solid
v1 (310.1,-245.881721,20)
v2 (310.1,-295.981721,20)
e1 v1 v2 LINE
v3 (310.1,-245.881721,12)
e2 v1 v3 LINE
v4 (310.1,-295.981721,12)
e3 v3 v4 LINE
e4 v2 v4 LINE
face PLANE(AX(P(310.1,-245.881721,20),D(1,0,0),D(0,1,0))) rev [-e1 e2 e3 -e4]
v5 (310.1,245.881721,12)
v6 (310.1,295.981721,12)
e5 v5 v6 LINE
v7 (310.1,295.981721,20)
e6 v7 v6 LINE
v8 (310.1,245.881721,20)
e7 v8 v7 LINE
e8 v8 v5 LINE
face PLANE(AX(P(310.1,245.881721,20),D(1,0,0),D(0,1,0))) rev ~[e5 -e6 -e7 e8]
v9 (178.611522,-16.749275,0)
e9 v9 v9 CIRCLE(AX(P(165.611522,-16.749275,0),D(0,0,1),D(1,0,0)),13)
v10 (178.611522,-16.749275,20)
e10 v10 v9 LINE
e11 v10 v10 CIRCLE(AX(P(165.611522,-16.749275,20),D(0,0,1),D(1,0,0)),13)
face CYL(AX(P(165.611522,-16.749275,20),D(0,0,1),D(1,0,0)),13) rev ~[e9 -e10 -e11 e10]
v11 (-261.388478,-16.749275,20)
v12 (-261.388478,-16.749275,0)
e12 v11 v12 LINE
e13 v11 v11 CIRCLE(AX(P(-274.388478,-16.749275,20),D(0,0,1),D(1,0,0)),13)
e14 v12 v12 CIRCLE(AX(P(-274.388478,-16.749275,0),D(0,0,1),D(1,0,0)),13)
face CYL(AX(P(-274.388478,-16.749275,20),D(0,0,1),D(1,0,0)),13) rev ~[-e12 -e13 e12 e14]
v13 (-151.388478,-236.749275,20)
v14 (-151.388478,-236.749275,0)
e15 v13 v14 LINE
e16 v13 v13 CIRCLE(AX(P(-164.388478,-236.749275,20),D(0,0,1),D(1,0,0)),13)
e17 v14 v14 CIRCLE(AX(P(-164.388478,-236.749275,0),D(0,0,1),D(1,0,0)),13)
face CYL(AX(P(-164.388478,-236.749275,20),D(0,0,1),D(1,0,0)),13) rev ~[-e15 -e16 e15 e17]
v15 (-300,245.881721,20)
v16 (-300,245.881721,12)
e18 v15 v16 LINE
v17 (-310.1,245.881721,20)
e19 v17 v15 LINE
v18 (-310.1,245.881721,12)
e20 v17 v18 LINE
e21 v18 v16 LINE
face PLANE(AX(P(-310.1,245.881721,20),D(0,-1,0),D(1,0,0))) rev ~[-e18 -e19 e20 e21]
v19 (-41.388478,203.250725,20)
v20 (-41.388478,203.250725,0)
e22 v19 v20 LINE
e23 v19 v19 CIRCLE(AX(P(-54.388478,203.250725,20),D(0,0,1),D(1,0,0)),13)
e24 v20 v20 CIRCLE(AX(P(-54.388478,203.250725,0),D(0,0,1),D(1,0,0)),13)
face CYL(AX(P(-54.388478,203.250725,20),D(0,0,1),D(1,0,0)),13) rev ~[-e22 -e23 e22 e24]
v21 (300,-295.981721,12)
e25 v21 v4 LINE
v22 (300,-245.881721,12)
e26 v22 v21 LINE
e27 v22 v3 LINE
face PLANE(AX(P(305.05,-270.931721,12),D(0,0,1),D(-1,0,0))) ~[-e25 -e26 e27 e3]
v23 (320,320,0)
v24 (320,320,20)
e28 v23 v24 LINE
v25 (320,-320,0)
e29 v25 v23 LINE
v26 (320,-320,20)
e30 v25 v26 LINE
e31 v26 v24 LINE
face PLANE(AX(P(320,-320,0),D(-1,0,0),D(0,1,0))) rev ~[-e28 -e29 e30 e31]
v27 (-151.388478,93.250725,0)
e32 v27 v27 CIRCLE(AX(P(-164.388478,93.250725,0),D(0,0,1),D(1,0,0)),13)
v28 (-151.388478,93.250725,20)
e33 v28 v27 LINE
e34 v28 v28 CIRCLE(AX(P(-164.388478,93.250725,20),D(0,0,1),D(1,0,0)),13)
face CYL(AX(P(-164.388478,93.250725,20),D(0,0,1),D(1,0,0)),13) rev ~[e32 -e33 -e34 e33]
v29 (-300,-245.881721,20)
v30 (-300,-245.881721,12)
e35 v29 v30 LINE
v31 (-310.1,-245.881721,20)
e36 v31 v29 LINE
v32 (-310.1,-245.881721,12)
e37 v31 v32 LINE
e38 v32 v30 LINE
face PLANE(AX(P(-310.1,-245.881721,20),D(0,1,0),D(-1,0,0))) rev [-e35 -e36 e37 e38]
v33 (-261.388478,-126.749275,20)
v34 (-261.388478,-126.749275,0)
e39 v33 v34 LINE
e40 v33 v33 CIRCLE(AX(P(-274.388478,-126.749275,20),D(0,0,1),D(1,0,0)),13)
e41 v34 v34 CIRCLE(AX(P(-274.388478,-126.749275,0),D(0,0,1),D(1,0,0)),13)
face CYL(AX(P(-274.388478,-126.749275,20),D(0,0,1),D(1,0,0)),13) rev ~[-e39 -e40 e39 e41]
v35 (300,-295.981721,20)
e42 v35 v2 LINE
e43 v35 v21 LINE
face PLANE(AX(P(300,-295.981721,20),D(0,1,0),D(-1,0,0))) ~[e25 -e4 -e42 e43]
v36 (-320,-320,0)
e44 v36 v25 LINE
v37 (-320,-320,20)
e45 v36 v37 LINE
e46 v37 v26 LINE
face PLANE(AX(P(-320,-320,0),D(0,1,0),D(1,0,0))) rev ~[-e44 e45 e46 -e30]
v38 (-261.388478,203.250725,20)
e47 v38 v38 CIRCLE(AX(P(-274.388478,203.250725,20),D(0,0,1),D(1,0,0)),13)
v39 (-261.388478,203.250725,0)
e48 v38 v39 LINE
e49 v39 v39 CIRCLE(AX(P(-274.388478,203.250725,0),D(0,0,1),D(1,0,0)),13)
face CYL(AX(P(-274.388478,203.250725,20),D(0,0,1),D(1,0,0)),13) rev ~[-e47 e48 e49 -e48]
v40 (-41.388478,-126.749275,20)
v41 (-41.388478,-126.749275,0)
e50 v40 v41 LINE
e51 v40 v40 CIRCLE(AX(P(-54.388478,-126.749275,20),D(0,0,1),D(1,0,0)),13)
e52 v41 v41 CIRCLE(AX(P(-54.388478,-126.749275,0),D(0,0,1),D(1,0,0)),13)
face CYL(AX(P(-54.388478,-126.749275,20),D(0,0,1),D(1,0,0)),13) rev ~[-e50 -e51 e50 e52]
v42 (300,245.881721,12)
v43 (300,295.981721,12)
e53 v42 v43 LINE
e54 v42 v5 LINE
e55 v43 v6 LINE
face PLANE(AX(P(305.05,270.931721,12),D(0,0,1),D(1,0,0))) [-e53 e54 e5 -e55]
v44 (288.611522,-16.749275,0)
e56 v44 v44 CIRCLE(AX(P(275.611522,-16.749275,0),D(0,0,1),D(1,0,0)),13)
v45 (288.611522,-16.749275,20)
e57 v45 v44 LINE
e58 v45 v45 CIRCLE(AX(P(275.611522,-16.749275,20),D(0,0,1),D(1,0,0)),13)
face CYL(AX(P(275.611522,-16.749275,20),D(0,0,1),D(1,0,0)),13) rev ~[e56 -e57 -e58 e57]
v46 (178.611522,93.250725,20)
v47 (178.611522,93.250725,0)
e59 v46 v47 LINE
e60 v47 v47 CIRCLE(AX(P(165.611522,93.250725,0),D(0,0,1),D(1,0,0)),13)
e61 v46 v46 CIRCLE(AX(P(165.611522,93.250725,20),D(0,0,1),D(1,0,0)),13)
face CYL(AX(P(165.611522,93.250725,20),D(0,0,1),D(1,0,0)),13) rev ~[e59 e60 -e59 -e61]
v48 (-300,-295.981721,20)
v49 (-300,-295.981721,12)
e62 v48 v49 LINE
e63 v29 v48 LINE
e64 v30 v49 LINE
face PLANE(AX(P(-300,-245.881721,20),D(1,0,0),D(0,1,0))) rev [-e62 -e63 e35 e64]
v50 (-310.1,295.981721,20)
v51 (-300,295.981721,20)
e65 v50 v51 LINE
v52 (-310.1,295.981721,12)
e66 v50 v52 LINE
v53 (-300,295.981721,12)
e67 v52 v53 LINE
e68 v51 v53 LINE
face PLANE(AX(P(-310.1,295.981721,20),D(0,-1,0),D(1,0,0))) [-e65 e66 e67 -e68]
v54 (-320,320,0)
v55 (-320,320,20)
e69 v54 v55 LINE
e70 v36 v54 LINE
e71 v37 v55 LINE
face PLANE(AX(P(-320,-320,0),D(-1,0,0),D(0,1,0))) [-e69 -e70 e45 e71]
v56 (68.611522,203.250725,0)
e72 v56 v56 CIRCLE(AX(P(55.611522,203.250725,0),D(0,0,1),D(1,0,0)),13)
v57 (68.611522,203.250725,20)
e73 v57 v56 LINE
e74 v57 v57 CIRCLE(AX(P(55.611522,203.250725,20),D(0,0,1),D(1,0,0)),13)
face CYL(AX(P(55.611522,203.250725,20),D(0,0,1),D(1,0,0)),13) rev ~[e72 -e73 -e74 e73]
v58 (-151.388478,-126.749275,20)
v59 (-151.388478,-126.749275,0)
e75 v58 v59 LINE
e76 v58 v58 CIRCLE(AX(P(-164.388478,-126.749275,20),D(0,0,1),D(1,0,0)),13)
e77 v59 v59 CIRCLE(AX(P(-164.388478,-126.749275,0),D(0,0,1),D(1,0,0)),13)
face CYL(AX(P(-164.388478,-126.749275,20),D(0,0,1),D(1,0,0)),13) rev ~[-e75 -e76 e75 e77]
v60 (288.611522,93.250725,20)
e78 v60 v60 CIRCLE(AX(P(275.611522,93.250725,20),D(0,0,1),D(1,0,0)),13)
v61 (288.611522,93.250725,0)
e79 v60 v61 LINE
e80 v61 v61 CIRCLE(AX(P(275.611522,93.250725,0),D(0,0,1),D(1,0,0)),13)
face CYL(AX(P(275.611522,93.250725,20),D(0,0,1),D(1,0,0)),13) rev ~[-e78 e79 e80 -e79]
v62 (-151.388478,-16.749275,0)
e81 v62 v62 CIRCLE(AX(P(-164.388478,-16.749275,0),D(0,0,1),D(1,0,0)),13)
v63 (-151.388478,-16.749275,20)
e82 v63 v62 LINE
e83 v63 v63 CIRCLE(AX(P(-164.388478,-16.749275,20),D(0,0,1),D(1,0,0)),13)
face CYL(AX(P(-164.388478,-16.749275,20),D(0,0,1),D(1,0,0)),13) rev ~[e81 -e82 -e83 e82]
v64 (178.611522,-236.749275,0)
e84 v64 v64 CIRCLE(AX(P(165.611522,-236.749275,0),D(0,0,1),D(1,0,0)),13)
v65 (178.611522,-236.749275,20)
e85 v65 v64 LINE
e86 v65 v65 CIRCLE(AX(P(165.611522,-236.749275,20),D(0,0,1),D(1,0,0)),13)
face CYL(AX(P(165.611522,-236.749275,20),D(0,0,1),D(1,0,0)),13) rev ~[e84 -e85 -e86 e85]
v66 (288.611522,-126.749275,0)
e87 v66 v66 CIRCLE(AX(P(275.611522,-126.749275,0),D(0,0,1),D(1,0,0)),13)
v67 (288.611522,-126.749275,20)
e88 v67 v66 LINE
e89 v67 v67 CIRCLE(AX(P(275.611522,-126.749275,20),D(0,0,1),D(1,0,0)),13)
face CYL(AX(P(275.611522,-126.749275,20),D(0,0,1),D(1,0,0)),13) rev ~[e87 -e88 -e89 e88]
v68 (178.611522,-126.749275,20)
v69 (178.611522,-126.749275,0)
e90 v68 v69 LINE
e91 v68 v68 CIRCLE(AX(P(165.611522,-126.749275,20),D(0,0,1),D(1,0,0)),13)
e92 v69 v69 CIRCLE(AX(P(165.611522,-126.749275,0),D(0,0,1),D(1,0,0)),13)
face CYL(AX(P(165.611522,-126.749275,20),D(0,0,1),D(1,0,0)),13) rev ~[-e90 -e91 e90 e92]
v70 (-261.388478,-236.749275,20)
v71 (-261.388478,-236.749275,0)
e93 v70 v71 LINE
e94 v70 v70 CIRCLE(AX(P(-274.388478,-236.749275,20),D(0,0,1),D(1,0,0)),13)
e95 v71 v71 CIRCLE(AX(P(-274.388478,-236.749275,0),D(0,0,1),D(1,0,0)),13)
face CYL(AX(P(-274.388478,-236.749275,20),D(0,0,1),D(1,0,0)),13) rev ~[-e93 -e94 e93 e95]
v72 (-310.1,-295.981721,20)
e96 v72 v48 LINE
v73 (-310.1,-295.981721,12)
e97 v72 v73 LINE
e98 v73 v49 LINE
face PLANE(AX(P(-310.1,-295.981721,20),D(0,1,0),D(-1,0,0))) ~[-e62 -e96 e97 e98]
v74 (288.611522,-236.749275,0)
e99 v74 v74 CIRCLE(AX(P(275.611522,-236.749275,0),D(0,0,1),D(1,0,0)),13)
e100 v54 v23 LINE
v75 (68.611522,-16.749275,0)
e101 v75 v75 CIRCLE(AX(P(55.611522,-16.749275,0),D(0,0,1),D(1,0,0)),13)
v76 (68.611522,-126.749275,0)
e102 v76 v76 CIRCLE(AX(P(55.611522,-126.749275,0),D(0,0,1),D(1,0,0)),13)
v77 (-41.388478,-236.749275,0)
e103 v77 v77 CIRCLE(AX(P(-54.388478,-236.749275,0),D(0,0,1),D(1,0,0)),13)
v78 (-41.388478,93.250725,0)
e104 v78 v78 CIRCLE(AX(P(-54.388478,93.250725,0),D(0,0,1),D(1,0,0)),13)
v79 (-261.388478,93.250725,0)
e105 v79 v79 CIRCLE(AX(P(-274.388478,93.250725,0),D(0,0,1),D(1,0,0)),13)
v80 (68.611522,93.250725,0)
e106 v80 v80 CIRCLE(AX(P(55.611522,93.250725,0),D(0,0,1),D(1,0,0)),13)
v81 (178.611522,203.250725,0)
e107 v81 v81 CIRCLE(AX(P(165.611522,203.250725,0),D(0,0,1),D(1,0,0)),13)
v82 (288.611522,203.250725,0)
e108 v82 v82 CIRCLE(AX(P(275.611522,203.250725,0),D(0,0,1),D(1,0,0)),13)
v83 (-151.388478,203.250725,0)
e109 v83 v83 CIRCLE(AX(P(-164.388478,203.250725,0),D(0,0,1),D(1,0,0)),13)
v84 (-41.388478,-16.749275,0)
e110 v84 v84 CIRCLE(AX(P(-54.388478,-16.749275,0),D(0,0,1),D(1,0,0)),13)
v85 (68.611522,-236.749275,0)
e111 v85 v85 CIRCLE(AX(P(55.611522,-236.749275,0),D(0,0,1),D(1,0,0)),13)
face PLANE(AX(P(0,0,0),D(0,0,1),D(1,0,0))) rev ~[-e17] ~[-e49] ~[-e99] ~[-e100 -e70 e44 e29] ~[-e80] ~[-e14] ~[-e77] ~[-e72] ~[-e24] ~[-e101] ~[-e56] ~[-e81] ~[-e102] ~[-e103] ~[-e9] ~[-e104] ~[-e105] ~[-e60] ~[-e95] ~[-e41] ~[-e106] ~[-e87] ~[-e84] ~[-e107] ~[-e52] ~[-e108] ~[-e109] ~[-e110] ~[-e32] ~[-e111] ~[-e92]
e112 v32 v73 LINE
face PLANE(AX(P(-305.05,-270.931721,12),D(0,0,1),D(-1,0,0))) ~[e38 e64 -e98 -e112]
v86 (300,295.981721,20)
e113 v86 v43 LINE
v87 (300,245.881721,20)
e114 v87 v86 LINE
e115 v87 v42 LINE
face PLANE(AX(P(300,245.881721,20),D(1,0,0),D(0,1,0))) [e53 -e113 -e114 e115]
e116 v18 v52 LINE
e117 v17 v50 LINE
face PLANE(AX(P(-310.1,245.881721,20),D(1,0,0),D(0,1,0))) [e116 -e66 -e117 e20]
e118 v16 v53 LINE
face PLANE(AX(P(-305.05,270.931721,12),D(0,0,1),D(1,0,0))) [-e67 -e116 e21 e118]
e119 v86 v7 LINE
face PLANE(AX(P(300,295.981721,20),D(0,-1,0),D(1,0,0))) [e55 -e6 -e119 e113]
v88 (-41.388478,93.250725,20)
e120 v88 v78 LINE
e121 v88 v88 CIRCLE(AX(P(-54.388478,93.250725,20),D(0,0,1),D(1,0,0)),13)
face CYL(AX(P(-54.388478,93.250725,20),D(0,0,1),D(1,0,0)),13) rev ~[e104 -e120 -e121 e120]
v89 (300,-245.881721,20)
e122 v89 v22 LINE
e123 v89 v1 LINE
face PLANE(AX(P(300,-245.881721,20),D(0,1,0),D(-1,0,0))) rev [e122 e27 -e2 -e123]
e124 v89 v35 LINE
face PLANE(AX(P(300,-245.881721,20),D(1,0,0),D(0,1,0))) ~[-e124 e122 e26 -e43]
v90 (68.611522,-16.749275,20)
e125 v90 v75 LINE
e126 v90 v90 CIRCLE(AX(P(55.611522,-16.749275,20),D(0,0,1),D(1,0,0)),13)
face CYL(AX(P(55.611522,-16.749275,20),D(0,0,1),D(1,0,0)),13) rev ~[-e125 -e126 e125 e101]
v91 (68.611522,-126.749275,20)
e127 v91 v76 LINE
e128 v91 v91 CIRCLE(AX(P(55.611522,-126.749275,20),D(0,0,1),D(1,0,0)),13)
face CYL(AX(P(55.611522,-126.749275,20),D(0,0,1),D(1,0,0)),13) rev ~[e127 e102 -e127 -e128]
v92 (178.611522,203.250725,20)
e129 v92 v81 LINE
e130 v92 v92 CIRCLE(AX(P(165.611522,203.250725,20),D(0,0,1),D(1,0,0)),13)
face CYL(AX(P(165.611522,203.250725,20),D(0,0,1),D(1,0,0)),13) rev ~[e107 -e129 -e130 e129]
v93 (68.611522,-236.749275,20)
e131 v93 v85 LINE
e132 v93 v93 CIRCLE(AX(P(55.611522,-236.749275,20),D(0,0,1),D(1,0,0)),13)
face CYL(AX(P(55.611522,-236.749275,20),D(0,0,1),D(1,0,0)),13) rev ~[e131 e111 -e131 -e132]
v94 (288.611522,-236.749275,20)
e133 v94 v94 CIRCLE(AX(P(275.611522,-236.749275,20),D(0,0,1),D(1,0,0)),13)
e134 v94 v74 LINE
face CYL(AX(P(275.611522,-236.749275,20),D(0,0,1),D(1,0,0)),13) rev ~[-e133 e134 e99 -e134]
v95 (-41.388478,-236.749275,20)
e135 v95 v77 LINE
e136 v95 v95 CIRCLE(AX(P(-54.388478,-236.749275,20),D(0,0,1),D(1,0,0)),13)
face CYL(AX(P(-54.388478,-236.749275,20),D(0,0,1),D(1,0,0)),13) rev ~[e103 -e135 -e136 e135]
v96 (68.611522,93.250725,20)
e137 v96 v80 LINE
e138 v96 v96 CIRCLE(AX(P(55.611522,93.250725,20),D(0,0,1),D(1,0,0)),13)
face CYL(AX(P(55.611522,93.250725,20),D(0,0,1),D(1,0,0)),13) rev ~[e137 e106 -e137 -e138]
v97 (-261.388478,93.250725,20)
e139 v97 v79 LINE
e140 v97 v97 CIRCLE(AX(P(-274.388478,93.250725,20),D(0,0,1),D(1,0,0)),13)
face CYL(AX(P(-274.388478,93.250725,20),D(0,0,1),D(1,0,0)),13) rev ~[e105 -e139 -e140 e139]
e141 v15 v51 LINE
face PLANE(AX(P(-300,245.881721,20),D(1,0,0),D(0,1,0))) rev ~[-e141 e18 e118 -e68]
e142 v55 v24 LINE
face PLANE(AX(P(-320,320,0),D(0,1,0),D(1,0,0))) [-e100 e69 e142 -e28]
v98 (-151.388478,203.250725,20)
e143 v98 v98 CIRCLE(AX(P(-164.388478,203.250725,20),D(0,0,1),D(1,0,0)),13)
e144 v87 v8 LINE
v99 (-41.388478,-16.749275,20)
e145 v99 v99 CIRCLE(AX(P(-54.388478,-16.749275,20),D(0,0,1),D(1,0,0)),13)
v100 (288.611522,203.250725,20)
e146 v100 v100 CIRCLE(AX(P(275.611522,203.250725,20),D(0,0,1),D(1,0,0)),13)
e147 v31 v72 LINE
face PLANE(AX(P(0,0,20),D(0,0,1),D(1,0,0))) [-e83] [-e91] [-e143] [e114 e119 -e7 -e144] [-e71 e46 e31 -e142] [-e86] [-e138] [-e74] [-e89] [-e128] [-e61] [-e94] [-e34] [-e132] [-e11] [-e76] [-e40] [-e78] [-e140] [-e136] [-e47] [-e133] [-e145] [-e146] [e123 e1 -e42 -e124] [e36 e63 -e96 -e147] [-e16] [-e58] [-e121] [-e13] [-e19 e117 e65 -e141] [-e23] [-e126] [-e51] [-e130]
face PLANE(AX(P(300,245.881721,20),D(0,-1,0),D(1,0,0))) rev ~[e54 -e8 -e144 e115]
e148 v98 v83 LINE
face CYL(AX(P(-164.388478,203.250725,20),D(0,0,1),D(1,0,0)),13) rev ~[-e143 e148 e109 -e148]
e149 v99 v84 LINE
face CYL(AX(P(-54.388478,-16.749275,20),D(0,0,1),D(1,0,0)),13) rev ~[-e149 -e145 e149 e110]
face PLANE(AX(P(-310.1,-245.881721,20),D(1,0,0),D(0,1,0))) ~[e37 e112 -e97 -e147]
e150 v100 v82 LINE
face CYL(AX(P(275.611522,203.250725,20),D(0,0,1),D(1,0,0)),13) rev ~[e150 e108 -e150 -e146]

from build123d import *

# Parameters (mm, degrees)
CROQUIS1_W              = 640
CROQUIS1_H              = 640
SALIENTE_EXTRUIR1_DEPTH = 20
CROQUIS2_W              = 10.1
CROQUIS2_H              = 50.1
CORTAR_EXTRUIR1_DEPTH   = 8
CROQUIS3_R              = 13
CORTAR_EXTRUIR2_DEPTH   = 48


with BuildPart() as part:
    # Croquis1 → Saliente-Extruir1 (new body)
    with BuildSketch(Plane.XY):
        Rectangle(CROQUIS1_W, CROQUIS1_H)
    extrude(amount=SALIENTE_EXTRUIR1_DEPTH)

    # Croquis2 → Cortar-Extruir1 (cut)
    with BuildSketch(Plane.XY.offset(20)):
        with Locations((-305.05, 270.931721093)):
            Rectangle(CROQUIS2_W, CROQUIS2_H)
        with Locations((305.05, 270.931721093)):
            Rectangle(CROQUIS2_W, CROQUIS2_H)
    cortar_extruir1 = extrude(amount=-CORTAR_EXTRUIR1_DEPTH, mode=Mode.SUBTRACT)

    # Simetría1: Cortar-Extruir1 across plane
    add(cortar_extruir1.mirror(Plane.ZX), mode=Mode.SUBTRACT)

    # Croquis3 → Cortar-Extruir2 (cut)
    with BuildSketch(Plane.XY.offset(20)):
        with Locations((-274.388478244, 203.250724625)):
            Circle(CROQUIS3_R)
        with Locations((-164.388478244, 203.250724625)):
            Circle(CROQUIS3_R)
        with Locations((-54.388478244, 203.250724625)):
            Circle(CROQUIS3_R)
        with Locations((55.611521756, 203.250724625)):
            Circle(CROQUIS3_R)
        with Locations((165.611521756, 203.250724625)):
            Circle(CROQUIS3_R)
        with Locations((275.611521756, 203.250724625)):
            Circle(CROQUIS3_R)
        with Locations((-164.388478244, 93.250724625)):
            Circle(CROQUIS3_R)
        with Locations((-54.388478244, 93.250724625)):
            Circle(CROQUIS3_R)
        with Locations((55.611521756, 93.250724625)):
            Circle(CROQUIS3_R)
        with Locations((165.611521756, 93.250724625)):
            Circle(CROQUIS3_R)
        with Locations((275.611521756, 93.250724625)):
            Circle(CROQUIS3_R)
        with Locations((-164.388478244, -16.749275375)):
            Circle(CROQUIS3_R)
        with Locations((-54.388478244, -16.749275375)):
            Circle(CROQUIS3_R)
        with Locations((55.611521756, -16.749275375)):
            Circle(CROQUIS3_R)
        with Locations((165.611521756, -16.749275375)):
            Circle(CROQUIS3_R)
        with Locations((275.611521756, -16.749275375)):
            Circle(CROQUIS3_R)
        with Locations((-164.388478244, -126.749275375)):
            Circle(CROQUIS3_R)
        with Locations((-54.388478244, -126.749275375)):
            Circle(CROQUIS3_R)
        with Locations((55.611521756, -126.749275375)):
            Circle(CROQUIS3_R)
        with Locations((165.611521756, -126.749275375)):
            Circle(CROQUIS3_R)
        with Locations((275.611521756, -126.749275375)):
            Circle(CROQUIS3_R)
        with Locations((-164.388478244, -236.749275375)):
            Circle(CROQUIS3_R)
        with Locations((-54.388478244, -236.749275375)):
            Circle(CROQUIS3_R)
        with Locations((55.611521756, -236.749275375)):
            Circle(CROQUIS3_R)
        with Locations((165.611521756, -236.749275375)):
            Circle(CROQUIS3_R)
        with Locations((275.611521756, -236.749275375)):
            Circle(CROQUIS3_R)
        with Locations((-274.388478244, 93.250724625)):
            Circle(CROQUIS3_R)
        with Locations((-274.388478244, -16.749275375)):
            Circle(CROQUIS3_R)
        with Locations((-274.388478244, -126.749275375)):
            Circle(CROQUIS3_R)
        with Locations((-274.388478244, -236.749275375)):
            Circle(CROQUIS3_R)
    extrude(amount=-CORTAR_EXTRUIR2_DEPTH, mode=Mode.SUBTRACT)


solid = part.part
